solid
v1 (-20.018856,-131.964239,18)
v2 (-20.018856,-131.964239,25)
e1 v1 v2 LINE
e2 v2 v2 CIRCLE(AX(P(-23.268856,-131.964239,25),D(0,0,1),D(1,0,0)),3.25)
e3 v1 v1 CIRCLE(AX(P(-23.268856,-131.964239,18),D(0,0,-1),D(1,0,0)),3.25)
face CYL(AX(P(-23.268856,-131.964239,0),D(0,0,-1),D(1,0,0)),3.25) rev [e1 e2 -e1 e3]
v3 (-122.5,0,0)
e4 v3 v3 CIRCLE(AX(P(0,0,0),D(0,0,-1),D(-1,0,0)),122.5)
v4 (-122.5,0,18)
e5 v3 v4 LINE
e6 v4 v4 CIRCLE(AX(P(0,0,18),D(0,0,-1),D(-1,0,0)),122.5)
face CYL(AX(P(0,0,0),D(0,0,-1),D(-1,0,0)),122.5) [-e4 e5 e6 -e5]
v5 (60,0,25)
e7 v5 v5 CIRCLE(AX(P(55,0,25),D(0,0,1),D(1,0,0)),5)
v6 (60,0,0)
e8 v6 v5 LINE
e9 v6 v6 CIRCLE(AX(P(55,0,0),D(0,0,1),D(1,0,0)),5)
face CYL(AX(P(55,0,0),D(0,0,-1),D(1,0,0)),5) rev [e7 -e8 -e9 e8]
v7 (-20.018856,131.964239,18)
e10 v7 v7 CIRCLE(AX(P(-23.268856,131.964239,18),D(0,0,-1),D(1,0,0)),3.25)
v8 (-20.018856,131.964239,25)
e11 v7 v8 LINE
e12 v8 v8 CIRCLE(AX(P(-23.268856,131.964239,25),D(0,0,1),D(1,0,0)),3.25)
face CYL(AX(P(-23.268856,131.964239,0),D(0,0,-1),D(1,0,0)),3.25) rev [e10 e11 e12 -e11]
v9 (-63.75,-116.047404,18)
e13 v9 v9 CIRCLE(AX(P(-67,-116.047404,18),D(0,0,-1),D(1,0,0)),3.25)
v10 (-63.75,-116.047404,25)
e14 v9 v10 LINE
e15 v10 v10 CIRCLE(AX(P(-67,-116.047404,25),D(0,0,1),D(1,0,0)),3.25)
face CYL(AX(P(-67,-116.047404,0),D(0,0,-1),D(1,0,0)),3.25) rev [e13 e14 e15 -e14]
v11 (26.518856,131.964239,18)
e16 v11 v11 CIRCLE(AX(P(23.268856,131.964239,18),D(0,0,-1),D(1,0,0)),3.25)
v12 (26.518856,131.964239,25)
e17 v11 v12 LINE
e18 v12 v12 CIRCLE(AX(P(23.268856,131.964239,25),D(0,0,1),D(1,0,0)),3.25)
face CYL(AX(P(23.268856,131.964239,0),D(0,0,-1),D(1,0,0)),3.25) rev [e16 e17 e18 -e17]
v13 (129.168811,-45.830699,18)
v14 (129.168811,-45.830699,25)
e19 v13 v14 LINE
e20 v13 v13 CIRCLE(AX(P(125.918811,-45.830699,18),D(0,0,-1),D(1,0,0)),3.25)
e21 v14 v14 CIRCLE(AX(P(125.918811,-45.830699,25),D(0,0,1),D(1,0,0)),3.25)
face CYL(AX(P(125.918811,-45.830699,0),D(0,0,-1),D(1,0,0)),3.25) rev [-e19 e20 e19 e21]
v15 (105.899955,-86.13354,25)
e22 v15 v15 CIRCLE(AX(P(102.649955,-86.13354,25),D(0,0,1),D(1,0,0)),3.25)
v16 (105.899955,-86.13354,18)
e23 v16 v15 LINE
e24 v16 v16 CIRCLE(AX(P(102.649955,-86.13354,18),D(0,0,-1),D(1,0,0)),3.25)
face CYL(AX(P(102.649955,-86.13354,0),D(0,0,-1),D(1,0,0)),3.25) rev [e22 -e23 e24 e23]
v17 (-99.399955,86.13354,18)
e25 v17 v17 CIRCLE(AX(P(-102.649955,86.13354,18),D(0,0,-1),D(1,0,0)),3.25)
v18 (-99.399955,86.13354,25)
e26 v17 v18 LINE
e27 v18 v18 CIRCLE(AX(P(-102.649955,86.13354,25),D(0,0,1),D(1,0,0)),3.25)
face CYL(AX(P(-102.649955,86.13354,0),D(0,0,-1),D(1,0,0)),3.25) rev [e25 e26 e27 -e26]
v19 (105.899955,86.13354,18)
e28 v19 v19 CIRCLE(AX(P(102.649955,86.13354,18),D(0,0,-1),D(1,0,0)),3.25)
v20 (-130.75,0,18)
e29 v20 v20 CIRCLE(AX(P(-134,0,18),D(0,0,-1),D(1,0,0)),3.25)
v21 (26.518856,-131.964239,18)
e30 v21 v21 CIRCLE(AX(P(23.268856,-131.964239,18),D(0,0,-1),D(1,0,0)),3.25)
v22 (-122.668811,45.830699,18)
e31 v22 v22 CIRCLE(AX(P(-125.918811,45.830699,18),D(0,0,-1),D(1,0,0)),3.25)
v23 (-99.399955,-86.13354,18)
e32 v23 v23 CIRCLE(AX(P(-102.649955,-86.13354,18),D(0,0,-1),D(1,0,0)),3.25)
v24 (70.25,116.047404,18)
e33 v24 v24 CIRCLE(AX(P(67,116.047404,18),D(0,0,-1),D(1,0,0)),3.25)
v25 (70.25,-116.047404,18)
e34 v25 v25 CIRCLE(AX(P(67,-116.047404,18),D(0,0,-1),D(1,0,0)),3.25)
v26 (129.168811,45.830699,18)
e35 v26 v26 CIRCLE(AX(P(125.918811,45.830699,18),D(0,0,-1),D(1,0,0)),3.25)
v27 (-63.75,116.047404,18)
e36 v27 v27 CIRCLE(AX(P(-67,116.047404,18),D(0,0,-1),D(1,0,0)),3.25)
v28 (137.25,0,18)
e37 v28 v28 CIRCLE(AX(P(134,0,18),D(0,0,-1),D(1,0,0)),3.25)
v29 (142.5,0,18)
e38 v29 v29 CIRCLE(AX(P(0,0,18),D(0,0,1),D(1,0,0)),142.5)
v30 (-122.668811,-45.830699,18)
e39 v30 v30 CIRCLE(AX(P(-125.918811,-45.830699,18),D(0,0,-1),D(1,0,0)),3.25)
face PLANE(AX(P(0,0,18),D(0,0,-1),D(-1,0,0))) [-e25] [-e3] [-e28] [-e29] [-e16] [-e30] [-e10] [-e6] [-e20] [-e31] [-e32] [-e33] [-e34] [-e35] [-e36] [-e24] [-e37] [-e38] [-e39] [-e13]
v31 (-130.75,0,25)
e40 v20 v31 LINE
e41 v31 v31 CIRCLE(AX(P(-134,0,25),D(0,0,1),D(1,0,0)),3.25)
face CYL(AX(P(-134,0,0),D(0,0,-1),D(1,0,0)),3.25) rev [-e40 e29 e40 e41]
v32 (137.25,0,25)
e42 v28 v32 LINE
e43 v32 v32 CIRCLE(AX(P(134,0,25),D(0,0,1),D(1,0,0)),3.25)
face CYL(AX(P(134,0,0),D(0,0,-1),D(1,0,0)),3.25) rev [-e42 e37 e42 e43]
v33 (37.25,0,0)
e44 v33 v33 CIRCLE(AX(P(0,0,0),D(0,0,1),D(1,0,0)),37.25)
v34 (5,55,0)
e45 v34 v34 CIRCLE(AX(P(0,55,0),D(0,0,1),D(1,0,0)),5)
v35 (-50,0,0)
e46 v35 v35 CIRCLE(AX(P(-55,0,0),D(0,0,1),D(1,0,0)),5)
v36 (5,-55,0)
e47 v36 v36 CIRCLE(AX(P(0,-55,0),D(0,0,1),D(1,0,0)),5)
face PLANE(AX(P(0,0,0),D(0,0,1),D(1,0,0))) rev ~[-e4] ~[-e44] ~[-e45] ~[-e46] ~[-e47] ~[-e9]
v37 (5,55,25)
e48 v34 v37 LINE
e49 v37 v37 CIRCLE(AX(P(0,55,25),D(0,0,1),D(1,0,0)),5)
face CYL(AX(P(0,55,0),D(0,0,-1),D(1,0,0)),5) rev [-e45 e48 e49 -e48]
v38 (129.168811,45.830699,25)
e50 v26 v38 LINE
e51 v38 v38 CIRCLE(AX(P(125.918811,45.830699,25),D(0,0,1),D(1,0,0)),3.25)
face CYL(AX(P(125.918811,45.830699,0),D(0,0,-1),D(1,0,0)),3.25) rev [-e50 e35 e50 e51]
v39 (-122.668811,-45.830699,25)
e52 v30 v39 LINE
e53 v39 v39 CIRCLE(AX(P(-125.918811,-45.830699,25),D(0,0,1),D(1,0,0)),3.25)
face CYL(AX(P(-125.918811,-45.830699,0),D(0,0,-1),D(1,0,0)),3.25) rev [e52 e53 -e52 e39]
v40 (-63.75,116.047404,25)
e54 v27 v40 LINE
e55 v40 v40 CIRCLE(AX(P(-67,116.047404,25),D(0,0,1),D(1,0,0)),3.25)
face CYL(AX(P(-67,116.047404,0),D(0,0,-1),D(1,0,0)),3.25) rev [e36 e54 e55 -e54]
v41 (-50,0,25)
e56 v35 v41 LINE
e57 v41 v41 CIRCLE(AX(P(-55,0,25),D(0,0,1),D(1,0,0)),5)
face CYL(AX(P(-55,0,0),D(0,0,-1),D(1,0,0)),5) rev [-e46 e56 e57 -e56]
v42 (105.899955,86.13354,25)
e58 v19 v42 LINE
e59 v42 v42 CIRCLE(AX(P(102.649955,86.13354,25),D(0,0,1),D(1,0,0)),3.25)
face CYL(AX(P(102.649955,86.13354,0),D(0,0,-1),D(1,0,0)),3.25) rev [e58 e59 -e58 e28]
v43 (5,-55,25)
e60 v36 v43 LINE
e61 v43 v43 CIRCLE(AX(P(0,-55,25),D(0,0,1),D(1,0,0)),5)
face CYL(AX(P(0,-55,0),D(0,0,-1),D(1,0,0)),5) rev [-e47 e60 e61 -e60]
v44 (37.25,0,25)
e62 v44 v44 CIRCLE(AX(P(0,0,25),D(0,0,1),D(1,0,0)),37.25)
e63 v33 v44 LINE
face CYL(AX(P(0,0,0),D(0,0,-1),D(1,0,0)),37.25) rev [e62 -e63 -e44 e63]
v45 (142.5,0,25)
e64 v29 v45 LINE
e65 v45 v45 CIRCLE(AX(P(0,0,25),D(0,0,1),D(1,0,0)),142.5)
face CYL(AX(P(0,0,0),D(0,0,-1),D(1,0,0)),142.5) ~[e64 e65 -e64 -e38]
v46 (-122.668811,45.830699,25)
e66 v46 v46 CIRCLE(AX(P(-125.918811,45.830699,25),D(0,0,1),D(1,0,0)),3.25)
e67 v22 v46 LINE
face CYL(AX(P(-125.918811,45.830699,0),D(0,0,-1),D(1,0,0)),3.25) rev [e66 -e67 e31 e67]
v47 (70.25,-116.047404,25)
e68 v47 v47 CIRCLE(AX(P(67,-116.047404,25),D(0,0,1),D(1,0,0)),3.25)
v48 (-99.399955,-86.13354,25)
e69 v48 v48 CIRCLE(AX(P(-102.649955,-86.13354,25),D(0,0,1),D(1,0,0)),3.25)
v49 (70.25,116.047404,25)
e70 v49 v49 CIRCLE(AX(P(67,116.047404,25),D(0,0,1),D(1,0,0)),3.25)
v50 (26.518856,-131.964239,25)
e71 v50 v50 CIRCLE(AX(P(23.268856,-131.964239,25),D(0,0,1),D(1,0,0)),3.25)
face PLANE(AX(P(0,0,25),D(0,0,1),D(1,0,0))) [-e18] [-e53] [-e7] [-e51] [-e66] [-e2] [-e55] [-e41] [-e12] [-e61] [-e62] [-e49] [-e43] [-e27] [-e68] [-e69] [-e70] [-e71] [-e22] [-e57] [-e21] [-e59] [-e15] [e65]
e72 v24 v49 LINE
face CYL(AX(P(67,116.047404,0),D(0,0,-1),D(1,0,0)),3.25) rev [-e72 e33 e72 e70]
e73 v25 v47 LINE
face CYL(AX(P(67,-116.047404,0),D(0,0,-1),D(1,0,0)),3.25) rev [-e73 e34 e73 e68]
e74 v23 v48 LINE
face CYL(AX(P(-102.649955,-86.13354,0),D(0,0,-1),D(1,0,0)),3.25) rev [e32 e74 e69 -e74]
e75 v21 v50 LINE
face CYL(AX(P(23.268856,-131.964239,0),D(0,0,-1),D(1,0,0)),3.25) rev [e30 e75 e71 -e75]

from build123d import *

# Parameters (mm, degrees)
SKETCH1_R           = 142.5
SKETCH1_R_2         = 3.25
SKETCH1_R_3         = 37.25
SKETCH1_R_4         = 5
BOSS_EXTRUDE1_DEPTH = 25
SKETCH5_R           = 142.5
SKETCH5_R_2         = 122.5
CUT_EXTRUDE2_DEPTH  = 18


with BuildPart() as part:
    # Sketch1 → Boss-Extrude1 (new body)
    with BuildSketch(Plane.XY):
        Circle(SKETCH1_R)
        with Locations((-23.268855807, 131.964238904)):
            Circle(SKETCH1_R_2, mode=Mode.SUBTRACT)
        with Locations((23.268855807, 131.964238904)):
            Circle(SKETCH1_R_2, mode=Mode.SUBTRACT)
        with Locations((67, 116.047404107)):
            Circle(SKETCH1_R_2, mode=Mode.SUBTRACT)
        with Locations((102.649955378, 86.133539698)):
            Circle(SKETCH1_R_2, mode=Mode.SUBTRACT)
        with Locations((125.918811185, 45.830699206)):
            Circle(SKETCH1_R_2, mode=Mode.SUBTRACT)
        with Locations((134, 0)):
            Circle(SKETCH1_R_2, mode=Mode.SUBTRACT)
        with Locations((125.918811185, -45.830699206)):
            Circle(SKETCH1_R_2, mode=Mode.SUBTRACT)
        with Locations((102.649955378, -86.133539698)):
            Circle(SKETCH1_R_2, mode=Mode.SUBTRACT)
        with Locations((67, -116.047404107)):
            Circle(SKETCH1_R_2, mode=Mode.SUBTRACT)
        with Locations((23.268855807, -131.964238904)):
            Circle(SKETCH1_R_2, mode=Mode.SUBTRACT)
        with Locations((-23.268855807, -131.964238904)):
            Circle(SKETCH1_R_2, mode=Mode.SUBTRACT)
        with Locations((-67, -116.047404107)):
            Circle(SKETCH1_R_2, mode=Mode.SUBTRACT)
        with Locations((-102.649955378, -86.133539698)):
            Circle(SKETCH1_R_2, mode=Mode.SUBTRACT)
        with Locations((-125.918811185, -45.830699206)):
            Circle(SKETCH1_R_2, mode=Mode.SUBTRACT)
        with Locations((-134, 0)):
            Circle(SKETCH1_R_2, mode=Mode.SUBTRACT)
        with Locations((-125.918811185, 45.830699206)):
            Circle(SKETCH1_R_2, mode=Mode.SUBTRACT)
        with Locations((-102.649955378, 86.133539698)):
            Circle(SKETCH1_R_2, mode=Mode.SUBTRACT)
        with Locations((-67, 116.047404107)):
            Circle(SKETCH1_R_2, mode=Mode.SUBTRACT)
        Circle(SKETCH1_R_3, mode=Mode.SUBTRACT)
        with Locations((0, 55)):
            Circle(SKETCH1_R_4, mode=Mode.SUBTRACT)
        with Locations((55, 0)):
            Circle(SKETCH1_R_4, mode=Mode.SUBTRACT)
        with Locations((0, -55)):
            Circle(SKETCH1_R_4, mode=Mode.SUBTRACT)
        with Locations((-55, 0)):
            Circle(SKETCH1_R_4, mode=Mode.SUBTRACT)
    extrude(amount=BOSS_EXTRUDE1_DEPTH)

    # Sketch5 → Cut-Extrude2 (cut)
    with BuildSketch(Plane(origin=(0, 0, 0), x_dir=(-1, 0, 0), z_dir=(0, 0, -1))):
        Circle(SKETCH5_R)
        Circle(SKETCH5_R_2, mode=Mode.SUBTRACT)
    extrude(amount=-CUT_EXTRUDE2_DEPTH, mode=Mode.SUBTRACT)


solid = part.part
